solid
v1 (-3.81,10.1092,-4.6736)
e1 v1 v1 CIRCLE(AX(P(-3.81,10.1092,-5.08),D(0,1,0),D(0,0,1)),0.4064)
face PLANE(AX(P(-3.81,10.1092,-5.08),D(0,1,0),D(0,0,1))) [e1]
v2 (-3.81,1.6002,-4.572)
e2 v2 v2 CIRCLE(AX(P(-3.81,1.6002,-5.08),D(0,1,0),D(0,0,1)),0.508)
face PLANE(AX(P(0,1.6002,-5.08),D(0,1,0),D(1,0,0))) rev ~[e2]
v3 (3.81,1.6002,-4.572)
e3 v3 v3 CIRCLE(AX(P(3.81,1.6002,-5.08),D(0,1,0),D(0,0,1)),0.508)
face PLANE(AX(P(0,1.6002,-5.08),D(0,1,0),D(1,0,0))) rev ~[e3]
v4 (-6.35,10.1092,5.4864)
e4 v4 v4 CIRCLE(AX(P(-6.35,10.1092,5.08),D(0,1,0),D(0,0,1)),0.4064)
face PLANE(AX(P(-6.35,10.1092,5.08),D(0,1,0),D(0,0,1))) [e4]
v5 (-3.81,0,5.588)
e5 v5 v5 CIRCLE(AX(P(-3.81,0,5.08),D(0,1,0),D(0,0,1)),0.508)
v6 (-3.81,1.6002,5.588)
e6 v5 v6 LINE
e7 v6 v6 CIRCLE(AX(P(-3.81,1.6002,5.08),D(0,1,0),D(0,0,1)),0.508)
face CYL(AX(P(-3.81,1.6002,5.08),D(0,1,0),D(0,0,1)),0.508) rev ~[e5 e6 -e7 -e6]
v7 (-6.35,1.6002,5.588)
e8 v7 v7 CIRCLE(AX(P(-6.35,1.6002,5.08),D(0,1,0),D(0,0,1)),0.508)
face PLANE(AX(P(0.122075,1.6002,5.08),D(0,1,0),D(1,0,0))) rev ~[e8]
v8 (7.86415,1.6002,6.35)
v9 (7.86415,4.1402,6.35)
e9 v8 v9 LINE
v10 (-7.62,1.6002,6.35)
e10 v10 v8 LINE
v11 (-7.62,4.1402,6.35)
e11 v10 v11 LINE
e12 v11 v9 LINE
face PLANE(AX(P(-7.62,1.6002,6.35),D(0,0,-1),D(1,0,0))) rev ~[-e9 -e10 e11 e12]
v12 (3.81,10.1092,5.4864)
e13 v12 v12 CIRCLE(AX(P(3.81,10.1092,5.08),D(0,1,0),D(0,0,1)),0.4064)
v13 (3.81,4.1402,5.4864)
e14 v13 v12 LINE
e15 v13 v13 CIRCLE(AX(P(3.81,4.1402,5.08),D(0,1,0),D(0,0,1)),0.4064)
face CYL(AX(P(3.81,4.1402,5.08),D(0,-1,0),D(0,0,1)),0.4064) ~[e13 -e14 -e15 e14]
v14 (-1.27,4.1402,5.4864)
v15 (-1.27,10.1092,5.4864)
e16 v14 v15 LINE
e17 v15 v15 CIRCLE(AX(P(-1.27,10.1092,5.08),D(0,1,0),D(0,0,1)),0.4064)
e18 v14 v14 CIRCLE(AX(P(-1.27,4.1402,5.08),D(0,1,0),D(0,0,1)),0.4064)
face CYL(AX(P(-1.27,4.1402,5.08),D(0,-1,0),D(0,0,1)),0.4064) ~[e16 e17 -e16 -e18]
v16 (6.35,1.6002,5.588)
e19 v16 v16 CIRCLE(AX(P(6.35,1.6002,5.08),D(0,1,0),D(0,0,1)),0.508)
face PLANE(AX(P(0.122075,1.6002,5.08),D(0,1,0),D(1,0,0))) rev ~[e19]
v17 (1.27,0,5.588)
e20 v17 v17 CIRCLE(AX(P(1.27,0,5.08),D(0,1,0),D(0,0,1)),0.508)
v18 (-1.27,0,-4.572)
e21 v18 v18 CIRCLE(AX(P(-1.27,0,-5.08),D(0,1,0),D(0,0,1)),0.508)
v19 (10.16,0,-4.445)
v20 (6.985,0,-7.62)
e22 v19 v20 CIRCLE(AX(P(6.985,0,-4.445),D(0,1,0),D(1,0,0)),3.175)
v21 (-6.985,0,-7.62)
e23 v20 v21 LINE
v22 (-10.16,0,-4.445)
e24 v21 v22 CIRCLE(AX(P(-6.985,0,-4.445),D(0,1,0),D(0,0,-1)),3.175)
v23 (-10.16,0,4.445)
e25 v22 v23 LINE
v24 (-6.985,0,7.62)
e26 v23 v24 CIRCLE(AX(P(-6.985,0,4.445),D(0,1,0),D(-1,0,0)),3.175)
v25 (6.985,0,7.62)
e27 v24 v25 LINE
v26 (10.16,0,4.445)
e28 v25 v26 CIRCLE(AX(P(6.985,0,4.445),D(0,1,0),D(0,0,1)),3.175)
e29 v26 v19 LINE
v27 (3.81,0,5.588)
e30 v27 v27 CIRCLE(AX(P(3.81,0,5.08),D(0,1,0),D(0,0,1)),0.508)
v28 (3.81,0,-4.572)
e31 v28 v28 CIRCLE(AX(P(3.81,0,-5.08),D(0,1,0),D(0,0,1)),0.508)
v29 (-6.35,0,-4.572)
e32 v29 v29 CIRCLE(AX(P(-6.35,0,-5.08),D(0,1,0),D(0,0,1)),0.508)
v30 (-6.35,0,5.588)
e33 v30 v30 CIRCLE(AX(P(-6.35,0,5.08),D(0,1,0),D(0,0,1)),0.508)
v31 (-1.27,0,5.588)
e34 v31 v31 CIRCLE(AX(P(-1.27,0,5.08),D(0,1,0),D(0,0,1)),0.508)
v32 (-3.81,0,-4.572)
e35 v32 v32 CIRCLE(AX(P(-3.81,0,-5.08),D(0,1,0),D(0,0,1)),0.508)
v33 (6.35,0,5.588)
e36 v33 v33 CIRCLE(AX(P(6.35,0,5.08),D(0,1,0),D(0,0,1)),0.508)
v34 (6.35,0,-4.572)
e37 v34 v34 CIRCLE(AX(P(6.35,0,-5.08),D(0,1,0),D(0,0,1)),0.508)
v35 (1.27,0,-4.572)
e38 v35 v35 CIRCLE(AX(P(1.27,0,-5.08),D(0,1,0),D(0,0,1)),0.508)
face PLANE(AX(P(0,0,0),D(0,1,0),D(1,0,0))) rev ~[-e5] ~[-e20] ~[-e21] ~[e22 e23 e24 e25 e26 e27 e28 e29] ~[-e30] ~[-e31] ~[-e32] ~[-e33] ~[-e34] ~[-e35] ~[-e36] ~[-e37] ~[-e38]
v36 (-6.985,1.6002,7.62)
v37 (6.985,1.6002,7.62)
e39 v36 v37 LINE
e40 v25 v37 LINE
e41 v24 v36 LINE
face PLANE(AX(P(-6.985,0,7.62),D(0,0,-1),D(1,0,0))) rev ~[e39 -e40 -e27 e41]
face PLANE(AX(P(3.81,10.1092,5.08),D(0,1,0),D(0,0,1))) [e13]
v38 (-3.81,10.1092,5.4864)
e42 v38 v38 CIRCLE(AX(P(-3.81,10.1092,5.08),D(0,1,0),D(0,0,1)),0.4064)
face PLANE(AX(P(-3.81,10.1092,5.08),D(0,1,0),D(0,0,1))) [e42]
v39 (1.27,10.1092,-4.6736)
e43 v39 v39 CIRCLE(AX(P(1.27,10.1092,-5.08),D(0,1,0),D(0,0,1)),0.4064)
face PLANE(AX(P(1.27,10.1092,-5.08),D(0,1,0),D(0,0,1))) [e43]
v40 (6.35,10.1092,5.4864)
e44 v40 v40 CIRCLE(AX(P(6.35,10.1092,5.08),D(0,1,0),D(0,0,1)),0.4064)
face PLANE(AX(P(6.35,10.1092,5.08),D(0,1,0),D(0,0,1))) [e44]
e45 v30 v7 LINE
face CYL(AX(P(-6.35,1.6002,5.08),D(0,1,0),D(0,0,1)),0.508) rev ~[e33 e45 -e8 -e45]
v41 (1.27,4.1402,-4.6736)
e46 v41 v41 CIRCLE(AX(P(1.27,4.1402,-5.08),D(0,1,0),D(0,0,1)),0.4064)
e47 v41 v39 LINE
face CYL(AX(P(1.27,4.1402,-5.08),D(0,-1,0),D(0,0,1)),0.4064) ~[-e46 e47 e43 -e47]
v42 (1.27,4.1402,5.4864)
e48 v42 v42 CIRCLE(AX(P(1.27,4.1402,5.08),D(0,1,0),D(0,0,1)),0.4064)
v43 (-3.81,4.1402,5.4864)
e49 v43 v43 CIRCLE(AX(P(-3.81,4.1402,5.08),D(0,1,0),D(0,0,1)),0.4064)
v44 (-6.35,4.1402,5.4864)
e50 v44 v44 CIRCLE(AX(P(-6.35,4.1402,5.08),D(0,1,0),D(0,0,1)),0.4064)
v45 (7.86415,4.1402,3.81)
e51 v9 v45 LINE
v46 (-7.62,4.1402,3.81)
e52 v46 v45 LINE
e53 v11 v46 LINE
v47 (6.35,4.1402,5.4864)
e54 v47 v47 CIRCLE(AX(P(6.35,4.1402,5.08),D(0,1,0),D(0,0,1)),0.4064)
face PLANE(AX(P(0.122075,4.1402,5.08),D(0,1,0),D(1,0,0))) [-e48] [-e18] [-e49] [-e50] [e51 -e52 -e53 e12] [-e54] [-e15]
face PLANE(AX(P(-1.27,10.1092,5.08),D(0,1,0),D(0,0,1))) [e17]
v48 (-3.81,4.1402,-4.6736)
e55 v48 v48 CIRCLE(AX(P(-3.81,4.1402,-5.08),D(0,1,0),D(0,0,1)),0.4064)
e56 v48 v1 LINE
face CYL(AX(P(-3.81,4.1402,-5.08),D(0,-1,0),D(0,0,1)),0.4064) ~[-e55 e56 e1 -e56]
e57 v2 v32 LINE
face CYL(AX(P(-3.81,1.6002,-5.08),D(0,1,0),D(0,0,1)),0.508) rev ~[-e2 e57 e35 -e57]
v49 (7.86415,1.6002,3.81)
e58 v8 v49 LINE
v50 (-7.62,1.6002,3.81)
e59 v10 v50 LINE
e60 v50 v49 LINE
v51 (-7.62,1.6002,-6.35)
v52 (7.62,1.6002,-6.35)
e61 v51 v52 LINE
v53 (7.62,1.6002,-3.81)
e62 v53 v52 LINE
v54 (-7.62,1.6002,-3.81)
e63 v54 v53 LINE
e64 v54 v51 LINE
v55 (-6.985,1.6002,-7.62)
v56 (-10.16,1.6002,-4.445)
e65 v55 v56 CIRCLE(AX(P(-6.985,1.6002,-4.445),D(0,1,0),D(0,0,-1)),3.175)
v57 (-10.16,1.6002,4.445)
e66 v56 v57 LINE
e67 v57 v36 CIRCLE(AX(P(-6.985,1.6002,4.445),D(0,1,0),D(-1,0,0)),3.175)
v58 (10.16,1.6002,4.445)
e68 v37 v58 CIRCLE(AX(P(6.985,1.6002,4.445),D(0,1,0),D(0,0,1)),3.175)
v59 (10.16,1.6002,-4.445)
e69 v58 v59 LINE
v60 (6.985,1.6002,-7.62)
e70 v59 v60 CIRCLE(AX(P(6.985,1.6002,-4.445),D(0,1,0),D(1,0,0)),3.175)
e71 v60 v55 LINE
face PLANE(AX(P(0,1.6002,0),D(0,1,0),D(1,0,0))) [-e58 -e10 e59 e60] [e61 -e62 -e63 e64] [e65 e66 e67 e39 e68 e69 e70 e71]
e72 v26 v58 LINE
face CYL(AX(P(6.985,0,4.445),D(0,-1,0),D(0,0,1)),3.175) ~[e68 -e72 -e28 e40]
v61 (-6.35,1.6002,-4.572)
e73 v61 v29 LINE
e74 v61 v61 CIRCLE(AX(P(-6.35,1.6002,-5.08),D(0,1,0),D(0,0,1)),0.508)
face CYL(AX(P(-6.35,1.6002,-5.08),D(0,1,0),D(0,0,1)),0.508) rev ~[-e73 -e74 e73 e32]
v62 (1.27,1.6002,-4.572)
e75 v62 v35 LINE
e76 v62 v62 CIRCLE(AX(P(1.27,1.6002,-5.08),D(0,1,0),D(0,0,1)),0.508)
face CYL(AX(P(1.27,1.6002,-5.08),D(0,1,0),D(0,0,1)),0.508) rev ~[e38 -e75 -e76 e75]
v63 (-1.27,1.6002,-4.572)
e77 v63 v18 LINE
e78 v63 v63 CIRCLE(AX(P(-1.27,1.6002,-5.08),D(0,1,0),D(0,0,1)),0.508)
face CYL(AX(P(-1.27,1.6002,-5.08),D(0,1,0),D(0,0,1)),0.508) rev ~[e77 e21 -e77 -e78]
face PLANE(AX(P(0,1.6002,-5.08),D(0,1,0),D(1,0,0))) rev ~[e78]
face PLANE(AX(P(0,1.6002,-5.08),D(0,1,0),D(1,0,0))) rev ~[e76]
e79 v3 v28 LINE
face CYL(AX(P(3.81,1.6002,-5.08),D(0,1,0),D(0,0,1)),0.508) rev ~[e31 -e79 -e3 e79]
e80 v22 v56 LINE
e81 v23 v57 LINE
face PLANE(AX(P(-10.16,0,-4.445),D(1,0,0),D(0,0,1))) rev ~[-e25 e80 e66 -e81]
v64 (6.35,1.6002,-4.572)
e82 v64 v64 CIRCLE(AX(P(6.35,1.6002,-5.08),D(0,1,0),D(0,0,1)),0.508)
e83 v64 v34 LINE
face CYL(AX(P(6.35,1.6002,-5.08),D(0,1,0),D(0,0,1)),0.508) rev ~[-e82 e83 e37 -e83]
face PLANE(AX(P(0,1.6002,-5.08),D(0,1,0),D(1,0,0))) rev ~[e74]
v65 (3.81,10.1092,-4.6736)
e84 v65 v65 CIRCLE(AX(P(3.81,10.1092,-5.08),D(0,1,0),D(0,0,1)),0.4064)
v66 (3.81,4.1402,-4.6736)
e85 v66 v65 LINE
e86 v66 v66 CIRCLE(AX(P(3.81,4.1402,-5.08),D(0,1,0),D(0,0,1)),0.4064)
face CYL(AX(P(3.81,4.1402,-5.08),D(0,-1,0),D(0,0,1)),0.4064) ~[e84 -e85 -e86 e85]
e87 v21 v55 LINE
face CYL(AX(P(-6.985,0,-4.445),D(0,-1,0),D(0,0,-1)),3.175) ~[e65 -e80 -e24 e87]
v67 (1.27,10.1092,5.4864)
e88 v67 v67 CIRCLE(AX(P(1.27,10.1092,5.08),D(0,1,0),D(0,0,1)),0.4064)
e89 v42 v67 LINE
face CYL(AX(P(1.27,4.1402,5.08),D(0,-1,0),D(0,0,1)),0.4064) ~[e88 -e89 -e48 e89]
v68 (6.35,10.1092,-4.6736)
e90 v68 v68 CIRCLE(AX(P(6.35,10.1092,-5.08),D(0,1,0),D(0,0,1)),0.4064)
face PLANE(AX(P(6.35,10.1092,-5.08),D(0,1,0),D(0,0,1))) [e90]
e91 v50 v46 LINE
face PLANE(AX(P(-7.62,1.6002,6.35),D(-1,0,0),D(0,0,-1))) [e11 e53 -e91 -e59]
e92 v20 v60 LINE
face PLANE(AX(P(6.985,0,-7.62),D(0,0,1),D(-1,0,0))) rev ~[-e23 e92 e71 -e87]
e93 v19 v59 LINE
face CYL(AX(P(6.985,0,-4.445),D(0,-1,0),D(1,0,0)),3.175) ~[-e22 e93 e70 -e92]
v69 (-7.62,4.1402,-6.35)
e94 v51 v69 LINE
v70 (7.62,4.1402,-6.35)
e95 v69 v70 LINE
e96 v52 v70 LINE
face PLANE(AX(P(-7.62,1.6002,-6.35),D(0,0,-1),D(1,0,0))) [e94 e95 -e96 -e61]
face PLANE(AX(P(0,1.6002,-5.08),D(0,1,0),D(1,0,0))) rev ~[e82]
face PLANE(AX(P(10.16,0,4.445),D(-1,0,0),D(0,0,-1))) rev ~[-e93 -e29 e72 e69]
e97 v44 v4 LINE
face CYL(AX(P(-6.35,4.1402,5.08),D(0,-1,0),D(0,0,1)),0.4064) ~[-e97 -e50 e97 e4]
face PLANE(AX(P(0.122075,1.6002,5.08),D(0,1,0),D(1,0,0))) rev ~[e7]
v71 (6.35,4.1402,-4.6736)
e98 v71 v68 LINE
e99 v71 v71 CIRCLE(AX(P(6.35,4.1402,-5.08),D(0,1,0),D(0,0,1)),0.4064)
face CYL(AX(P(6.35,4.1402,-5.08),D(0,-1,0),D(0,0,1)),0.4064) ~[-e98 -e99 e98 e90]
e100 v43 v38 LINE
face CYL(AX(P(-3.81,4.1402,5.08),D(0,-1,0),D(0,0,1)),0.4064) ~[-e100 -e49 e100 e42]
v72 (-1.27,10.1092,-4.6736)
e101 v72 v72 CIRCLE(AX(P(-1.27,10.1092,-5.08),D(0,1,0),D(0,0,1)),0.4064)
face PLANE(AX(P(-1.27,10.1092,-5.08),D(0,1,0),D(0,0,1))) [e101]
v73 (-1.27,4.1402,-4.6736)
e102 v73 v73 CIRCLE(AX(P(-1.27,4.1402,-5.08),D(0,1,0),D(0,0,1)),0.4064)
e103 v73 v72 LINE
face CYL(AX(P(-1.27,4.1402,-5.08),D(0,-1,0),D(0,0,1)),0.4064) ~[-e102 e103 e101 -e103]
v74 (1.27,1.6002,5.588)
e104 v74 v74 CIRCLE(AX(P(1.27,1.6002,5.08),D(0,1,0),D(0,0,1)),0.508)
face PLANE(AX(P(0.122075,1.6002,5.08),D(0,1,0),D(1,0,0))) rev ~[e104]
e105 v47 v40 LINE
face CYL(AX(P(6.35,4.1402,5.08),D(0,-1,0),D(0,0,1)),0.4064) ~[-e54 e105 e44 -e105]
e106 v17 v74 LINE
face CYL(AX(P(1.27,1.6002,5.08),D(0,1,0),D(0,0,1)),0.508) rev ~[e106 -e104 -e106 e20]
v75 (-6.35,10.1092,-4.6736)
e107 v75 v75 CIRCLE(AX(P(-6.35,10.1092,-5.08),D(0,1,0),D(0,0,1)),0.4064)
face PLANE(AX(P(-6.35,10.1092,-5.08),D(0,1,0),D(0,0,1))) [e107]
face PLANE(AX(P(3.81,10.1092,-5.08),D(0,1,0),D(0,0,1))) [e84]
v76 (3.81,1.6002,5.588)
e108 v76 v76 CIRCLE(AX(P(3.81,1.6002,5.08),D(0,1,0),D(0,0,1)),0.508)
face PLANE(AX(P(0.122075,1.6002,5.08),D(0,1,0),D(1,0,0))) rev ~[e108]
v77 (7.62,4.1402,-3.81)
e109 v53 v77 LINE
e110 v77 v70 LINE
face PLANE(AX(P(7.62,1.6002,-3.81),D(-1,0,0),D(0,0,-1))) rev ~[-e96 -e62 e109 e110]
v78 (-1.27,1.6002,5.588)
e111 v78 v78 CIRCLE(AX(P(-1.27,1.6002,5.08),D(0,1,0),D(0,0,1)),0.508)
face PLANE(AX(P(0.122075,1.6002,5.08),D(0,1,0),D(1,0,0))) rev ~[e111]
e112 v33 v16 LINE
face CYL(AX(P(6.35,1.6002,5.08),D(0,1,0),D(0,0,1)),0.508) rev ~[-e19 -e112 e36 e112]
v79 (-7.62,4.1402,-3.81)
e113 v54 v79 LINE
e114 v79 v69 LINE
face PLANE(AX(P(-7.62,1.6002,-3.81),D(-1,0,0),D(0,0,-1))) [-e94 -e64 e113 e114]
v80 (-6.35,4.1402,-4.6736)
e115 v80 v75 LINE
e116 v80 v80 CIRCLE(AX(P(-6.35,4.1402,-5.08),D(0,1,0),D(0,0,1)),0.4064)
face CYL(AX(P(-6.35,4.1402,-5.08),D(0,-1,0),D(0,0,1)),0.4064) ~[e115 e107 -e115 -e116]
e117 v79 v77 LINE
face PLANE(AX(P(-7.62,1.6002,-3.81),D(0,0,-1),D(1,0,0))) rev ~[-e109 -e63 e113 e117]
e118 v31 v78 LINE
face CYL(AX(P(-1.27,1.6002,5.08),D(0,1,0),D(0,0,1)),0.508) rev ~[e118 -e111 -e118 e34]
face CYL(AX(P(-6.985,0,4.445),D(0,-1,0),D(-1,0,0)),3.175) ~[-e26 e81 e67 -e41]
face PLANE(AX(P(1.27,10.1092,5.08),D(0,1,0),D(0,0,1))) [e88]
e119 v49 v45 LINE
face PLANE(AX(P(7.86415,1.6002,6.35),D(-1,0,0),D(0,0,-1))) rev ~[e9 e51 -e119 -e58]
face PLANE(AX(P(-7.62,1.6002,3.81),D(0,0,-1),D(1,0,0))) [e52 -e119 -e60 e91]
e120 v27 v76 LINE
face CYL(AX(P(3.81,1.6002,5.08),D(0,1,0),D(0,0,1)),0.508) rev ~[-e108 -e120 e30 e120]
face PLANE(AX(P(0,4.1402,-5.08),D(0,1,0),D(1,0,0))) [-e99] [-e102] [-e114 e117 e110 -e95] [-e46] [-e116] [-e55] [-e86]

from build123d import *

# Parameters (mm, degrees)
BOSS_EXTRUDE1_DEPTH = 1.6002
SKETCH2_R           = 0.508
CUT_EXTRUDE1_DEPTH  = 13.80041562
LPATTERN1_COUNT     = 6
LPATTERN1_PITCH     = 2.54
SKETCH3_W           = 15.24
SKETCH3_H           = 2.54
SKETCH3_W_2         = 15.484150469
BOSS_EXTRUDE2_DEPTH = 2.54
SKETCH4_R           = 0.4064
BOSS_EXTRUDE3_DEPTH = 5.969
LPATTERN2_COUNT     = 6
LPATTERN2_PITCH     = 2.54


with BuildPart() as part:
    # Sketch1 → Boss-Extrude1 (new body)
    with BuildSketch(Plane(origin=(0, 0, 0), x_dir=(1, 0, 0), z_dir=(0, 1, 0))):
        with BuildLine():
            Line((-6.985, -7.62), (6.985, -7.62))
            ThreePointArc((6.985, -7.62), (9.23006403, -6.69006403), (10.16, -4.445))
            Line((10.16, -4.445), (10.16, 4.445))
            ThreePointArc((10.16, 4.445), (9.23006403, 6.69006403), (6.985, 7.62))
            Line((6.985, 7.62), (-6.985, 7.62))
            ThreePointArc((-6.985, 7.62), (-9.23006403, 6.69006403), (-10.16, 4.445))
            Line((-10.16, 4.445), (-10.16, -4.445))
            ThreePointArc((-10.16, -4.445), (-9.23006403, -6.69006403), (-6.985, -7.62))
        make_face()
    extrude(amount=BOSS_EXTRUDE1_DEPTH)

    # Sketch2 → Cut-Extrude1 (cut, symmetric)
    with BuildSketch(Plane(origin=(0, 1.6002, 0), x_dir=(1, 0, 0), z_dir=(0, 1, 0))):
        with Locations(Location((-6.35, 5.08, 0), (0, 0, 270))):
            Circle(SKETCH2_R)
        with Locations(Location((-6.35, -5.08, 0), (0, 0, 270))):
            Circle(SKETCH2_R)
    cut_extrude1 = extrude(amount=CUT_EXTRUDE1_DEPTH, both=True, mode=Mode.SUBTRACT)

    # LPattern1: Cut-Extrude1 ×6
    with Locations(*[(i * LPATTERN1_PITCH, 0, 0) for i in range(1, LPATTERN1_COUNT)]):
        add(cut_extrude1, mode=Mode.SUBTRACT)

    # Sketch3 → Boss-Extrude2 (add)
    with BuildSketch(Plane(origin=(0, 1.6002, 0), x_dir=(1, 0, 0), z_dir=(0, 1, 0))):
        with Locations((0, 5.08)):
            Rectangle(SKETCH3_W, SKETCH3_H)
        with Locations((0.122075235, -5.08)):
            Rectangle(SKETCH3_W_2, SKETCH3_H)
    extrude(amount=BOSS_EXTRUDE2_DEPTH)

    # Sketch4 → Boss-Extrude3 (add)
    with BuildSketch(Plane(origin=(0, 4.1402, 0), x_dir=(1, 0, 0), z_dir=(0, 1, 0))):
        with Locations(Location((-6.35, 5.08, 0), (0, 0, 270))):
            Circle(SKETCH4_R)
        with Locations(Location((-6.35, -5.08, 0), (0, 0, 270))):
            Circle(SKETCH4_R)
    boss_extrude3 = extrude(amount=BOSS_EXTRUDE3_DEPTH)

    # LPattern2: Boss-Extrude3 ×6
    with Locations(*[(i * LPATTERN2_PITCH, 0, 0) for i in range(1, LPATTERN2_COUNT)]):
        add(boss_extrude3)


solid = part.part
